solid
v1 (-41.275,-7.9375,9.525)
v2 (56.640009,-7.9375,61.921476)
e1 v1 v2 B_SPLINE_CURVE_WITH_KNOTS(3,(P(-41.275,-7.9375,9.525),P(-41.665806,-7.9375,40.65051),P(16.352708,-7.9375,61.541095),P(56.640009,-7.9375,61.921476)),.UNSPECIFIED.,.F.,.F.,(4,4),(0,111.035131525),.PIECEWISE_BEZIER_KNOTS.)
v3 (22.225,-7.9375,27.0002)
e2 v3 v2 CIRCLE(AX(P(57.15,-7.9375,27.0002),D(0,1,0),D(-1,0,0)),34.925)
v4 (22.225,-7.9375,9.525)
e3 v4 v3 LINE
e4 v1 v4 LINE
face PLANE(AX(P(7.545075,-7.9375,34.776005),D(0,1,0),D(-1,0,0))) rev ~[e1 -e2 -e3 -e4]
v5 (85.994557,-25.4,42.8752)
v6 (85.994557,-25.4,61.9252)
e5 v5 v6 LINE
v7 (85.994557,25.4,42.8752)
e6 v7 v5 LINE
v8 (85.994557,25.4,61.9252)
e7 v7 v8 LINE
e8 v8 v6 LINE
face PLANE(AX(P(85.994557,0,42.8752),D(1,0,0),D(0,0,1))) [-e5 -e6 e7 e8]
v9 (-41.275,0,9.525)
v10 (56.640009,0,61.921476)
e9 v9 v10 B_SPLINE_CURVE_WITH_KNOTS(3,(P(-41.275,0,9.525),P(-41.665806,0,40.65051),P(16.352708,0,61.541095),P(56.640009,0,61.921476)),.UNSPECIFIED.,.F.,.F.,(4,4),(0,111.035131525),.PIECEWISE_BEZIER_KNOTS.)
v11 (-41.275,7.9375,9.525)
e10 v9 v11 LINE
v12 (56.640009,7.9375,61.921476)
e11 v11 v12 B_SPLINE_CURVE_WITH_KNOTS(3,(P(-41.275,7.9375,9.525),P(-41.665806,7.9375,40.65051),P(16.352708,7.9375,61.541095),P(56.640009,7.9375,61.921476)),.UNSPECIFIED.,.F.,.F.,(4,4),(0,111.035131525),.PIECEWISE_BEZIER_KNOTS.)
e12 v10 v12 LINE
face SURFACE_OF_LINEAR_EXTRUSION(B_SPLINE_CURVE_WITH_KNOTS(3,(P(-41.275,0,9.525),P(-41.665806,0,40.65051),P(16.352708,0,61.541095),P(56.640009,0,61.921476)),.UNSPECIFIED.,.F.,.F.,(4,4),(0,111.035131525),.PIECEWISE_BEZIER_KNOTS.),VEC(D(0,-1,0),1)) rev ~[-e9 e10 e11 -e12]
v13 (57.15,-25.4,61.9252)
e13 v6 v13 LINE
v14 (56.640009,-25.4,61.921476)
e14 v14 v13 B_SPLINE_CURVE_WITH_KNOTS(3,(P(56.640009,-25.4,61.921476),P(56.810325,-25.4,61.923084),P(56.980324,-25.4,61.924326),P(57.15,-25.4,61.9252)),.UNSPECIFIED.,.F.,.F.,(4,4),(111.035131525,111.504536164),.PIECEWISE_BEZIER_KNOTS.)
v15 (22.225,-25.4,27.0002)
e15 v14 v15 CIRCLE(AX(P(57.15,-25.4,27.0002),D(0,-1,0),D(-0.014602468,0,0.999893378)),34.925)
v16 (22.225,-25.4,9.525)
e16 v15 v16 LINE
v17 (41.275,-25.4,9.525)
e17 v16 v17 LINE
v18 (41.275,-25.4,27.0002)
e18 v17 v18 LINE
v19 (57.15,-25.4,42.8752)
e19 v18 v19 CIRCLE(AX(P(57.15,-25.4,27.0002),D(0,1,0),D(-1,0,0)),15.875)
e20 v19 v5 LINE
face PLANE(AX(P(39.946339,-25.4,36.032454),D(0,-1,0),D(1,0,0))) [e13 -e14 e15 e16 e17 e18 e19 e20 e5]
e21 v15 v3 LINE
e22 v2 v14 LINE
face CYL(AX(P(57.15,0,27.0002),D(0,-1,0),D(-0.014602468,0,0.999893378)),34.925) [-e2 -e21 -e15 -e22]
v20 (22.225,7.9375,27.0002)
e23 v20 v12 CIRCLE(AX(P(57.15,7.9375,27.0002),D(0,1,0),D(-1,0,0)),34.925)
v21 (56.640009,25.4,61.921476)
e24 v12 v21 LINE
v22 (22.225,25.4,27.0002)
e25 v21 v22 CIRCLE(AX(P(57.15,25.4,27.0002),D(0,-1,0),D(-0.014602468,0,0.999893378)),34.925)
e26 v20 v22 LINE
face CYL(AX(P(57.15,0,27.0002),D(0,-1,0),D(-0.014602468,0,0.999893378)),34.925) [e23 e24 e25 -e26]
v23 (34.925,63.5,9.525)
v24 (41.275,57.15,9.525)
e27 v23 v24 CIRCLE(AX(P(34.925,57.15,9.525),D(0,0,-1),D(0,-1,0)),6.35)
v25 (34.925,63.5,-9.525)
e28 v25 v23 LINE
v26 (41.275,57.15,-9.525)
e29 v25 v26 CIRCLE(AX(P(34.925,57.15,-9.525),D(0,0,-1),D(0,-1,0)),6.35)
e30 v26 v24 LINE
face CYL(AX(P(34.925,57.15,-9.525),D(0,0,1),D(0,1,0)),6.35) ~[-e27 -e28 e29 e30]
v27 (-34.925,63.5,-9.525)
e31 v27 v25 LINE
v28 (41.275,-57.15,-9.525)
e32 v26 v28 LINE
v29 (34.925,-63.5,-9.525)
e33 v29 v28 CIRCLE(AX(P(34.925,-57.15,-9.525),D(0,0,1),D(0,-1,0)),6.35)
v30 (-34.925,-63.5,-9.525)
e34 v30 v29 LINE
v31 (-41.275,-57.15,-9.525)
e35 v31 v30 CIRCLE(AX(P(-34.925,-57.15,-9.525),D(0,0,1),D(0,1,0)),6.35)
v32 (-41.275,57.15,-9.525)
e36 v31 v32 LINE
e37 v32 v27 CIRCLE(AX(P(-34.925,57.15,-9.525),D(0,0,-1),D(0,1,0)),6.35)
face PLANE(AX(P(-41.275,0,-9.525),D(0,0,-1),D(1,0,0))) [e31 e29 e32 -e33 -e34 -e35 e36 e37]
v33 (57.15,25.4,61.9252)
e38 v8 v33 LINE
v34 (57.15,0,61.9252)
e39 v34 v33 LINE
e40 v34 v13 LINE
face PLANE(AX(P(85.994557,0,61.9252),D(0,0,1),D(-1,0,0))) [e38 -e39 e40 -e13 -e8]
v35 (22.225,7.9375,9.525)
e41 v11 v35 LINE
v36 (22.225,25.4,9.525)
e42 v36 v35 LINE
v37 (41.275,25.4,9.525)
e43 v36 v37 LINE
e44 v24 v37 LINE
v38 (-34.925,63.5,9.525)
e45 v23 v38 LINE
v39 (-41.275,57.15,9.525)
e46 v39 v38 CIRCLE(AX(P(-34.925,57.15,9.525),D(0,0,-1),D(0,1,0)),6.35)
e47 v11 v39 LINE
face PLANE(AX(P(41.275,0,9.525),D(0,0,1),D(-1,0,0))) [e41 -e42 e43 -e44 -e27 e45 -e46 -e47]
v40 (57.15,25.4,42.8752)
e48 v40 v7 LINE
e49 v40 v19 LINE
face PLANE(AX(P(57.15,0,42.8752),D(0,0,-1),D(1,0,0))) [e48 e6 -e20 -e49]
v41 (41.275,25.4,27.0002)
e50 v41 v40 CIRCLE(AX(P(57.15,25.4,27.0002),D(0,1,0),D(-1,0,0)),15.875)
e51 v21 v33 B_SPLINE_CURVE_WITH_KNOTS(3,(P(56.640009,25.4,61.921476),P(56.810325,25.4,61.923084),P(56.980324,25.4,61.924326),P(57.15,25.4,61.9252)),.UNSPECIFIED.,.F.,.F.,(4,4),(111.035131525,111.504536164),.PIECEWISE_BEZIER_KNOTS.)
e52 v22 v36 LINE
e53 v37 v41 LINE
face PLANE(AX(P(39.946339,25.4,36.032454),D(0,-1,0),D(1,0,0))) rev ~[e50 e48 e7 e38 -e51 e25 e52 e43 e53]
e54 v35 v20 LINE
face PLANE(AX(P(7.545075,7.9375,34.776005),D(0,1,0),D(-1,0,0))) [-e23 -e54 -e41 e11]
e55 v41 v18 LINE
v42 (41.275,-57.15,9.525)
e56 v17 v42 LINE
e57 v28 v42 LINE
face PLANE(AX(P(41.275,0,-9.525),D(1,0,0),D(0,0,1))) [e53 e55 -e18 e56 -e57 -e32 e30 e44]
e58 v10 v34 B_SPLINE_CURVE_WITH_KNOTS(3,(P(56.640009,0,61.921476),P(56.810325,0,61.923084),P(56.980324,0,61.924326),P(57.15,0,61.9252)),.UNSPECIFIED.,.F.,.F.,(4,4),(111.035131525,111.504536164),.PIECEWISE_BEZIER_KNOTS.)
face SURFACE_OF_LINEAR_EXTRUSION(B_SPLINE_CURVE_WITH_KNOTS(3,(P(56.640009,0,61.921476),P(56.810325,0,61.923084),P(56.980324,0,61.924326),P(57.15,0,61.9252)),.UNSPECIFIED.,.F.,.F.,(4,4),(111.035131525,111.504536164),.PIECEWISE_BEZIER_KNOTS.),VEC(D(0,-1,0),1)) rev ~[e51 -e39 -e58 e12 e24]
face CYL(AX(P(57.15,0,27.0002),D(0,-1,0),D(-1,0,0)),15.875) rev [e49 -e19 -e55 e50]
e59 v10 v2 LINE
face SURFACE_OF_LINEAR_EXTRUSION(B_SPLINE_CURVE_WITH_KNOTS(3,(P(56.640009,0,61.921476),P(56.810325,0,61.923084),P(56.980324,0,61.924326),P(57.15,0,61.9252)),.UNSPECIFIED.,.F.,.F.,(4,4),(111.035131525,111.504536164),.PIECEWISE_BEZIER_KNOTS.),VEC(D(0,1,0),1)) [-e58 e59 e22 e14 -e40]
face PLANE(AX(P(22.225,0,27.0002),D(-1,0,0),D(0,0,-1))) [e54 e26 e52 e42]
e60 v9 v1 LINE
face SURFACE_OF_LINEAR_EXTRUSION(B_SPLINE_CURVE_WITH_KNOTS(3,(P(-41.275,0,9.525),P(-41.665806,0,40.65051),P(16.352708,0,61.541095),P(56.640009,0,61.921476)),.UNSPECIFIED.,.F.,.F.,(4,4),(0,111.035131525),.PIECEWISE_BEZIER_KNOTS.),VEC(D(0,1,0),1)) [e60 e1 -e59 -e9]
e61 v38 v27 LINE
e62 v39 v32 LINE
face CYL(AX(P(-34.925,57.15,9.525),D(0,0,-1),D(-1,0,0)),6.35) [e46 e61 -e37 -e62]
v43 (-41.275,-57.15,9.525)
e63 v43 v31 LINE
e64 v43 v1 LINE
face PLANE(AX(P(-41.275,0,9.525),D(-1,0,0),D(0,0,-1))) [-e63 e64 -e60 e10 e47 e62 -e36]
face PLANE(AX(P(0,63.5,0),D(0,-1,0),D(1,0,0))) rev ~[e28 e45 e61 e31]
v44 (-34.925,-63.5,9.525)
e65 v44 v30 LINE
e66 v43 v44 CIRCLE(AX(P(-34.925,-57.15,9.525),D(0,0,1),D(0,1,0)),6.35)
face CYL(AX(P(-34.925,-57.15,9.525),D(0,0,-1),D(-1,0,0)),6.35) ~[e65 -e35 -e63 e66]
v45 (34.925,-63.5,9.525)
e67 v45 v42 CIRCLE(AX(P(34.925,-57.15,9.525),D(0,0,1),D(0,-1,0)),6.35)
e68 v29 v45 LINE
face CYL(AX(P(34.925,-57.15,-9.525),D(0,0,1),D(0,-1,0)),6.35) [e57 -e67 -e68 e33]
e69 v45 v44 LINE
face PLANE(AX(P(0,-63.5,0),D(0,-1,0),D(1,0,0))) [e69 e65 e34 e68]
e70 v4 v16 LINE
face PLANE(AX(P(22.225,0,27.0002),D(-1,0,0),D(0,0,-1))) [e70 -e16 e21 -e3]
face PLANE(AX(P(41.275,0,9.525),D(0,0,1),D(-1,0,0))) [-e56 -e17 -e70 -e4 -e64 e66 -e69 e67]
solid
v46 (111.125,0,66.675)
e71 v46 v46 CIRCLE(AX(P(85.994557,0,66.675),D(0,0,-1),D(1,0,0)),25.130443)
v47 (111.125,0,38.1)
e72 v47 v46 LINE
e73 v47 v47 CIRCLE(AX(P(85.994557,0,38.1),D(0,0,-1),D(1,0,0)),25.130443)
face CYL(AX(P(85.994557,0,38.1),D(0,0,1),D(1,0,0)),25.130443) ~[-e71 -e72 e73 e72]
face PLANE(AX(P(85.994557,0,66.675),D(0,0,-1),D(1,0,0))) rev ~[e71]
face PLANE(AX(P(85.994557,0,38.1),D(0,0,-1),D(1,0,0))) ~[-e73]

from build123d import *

# Parameters (mm, degrees)
F1_DEPTH = 63.5
F0_W     = 25.6695565462
F0_H     = 19.05
F2_DEPTH = 25.4
F3_DEPTH = 7.9375
F5_R     = 6.35


with BuildPart() as f1:
    # F0 (on Front) → F1 (new body, symmetric)
    with BuildSketch(Plane.XZ):
        Polygon((-41.275, -9.525), (41.275, -9.525), (41.275, 9.525), (22.225, 9.525), (-41.275, 9.525), align=None)
    extrude(amount=F1_DEPTH, both=True)

    # F0 (on Front) → F2 (join, symmetric)
    with BuildSketch(Plane.XZ):
        with BuildLine():
            Line((22.225, 9.525), (41.275, 9.525))
            Line((41.275, 9.525), (41.275, 27.0002))
            ThreePointArc((41.275, 27.0002), (45.9246798487, 38.2255201513), (57.15, 42.8752))
            Line((57.15, 42.8752), (60.325, 42.8752))
            Line((60.325, 42.8752), (60.325, 61.9252))
            Line((60.325, 61.9252), (57.15, 61.9252))
            add(Edge.make_bspline(
                [(56.6400088012, 61.9214762364), (56.8103246779, 61.9230843087), (56.9803236617, 61.9243258221), (57.15, 61.9252)],
                knots=[111.0351315252, 111.0351315252, 111.0351315252, 111.0351315252, 111.5045361635, 111.5045361635, 111.5045361635, 111.5045361635], degree=3))
            ThreePointArc((56.6400088012, 61.9214762364), (32.2746400266, 51.5149321256), (22.225, 27.0002))
            Line((22.225, 27.0002), (22.225, 9.525))
        make_face()
        with Locations((73.1597782731, 52.4002)):
            Rectangle(F0_W, F0_H)
    extrude(amount=F2_DEPTH, both=True)

    # F0 (on Front) → F3 (join, symmetric)
    with BuildSketch(Plane.XZ):
        with BuildLine():
            add(Edge.make_bspline(
                [(-41.275, 9.525), (-41.6658055269, 40.650509894), (16.3527082061, 61.5410954073), (56.6400088012, 61.9214762364)],
                knots=[0, 0, 0, 0, 111.0351315252, 111.0351315252, 111.0351315252, 111.0351315252], degree=3))
            Line((-41.275, 9.525), (22.225, 9.525))
            Line((22.225, 9.525), (22.225, 27.0002))
            ThreePointArc((22.225, 27.0002), (32.2746400266, 51.5149321256), (56.6400088012, 61.9214762364))
        make_face()
    extrude(amount=F3_DEPTH, both=True)

    # F5
    f5_edges = [f1.edges().sort_by_distance(p)[0] for p in [
        (41.275, -63.5, 0),
        (-41.275, -63.5, 0),
        (41.275, 63.5, 0),
        (-41.275, 63.5, 0),
    ]]
    fillet(f5_edges, radius=F5_R)


with BuildPart() as f4:
    # F0 (on Front) → F4 (revolve)
    with BuildSketch(Plane.XZ):
        Polygon((85.9945565462, 61.9252), (85.9945565462, 42.8752), (85.9945565462, 38.1), (111.125, 38.1), (111.125, 66.675), (85.9945565462, 66.675), align=None)
    revolve(axis=Axis((85.9945565462, 0, 52.4002), (0, 0, -1)))


solid = Compound([f1.part, f4.part])
